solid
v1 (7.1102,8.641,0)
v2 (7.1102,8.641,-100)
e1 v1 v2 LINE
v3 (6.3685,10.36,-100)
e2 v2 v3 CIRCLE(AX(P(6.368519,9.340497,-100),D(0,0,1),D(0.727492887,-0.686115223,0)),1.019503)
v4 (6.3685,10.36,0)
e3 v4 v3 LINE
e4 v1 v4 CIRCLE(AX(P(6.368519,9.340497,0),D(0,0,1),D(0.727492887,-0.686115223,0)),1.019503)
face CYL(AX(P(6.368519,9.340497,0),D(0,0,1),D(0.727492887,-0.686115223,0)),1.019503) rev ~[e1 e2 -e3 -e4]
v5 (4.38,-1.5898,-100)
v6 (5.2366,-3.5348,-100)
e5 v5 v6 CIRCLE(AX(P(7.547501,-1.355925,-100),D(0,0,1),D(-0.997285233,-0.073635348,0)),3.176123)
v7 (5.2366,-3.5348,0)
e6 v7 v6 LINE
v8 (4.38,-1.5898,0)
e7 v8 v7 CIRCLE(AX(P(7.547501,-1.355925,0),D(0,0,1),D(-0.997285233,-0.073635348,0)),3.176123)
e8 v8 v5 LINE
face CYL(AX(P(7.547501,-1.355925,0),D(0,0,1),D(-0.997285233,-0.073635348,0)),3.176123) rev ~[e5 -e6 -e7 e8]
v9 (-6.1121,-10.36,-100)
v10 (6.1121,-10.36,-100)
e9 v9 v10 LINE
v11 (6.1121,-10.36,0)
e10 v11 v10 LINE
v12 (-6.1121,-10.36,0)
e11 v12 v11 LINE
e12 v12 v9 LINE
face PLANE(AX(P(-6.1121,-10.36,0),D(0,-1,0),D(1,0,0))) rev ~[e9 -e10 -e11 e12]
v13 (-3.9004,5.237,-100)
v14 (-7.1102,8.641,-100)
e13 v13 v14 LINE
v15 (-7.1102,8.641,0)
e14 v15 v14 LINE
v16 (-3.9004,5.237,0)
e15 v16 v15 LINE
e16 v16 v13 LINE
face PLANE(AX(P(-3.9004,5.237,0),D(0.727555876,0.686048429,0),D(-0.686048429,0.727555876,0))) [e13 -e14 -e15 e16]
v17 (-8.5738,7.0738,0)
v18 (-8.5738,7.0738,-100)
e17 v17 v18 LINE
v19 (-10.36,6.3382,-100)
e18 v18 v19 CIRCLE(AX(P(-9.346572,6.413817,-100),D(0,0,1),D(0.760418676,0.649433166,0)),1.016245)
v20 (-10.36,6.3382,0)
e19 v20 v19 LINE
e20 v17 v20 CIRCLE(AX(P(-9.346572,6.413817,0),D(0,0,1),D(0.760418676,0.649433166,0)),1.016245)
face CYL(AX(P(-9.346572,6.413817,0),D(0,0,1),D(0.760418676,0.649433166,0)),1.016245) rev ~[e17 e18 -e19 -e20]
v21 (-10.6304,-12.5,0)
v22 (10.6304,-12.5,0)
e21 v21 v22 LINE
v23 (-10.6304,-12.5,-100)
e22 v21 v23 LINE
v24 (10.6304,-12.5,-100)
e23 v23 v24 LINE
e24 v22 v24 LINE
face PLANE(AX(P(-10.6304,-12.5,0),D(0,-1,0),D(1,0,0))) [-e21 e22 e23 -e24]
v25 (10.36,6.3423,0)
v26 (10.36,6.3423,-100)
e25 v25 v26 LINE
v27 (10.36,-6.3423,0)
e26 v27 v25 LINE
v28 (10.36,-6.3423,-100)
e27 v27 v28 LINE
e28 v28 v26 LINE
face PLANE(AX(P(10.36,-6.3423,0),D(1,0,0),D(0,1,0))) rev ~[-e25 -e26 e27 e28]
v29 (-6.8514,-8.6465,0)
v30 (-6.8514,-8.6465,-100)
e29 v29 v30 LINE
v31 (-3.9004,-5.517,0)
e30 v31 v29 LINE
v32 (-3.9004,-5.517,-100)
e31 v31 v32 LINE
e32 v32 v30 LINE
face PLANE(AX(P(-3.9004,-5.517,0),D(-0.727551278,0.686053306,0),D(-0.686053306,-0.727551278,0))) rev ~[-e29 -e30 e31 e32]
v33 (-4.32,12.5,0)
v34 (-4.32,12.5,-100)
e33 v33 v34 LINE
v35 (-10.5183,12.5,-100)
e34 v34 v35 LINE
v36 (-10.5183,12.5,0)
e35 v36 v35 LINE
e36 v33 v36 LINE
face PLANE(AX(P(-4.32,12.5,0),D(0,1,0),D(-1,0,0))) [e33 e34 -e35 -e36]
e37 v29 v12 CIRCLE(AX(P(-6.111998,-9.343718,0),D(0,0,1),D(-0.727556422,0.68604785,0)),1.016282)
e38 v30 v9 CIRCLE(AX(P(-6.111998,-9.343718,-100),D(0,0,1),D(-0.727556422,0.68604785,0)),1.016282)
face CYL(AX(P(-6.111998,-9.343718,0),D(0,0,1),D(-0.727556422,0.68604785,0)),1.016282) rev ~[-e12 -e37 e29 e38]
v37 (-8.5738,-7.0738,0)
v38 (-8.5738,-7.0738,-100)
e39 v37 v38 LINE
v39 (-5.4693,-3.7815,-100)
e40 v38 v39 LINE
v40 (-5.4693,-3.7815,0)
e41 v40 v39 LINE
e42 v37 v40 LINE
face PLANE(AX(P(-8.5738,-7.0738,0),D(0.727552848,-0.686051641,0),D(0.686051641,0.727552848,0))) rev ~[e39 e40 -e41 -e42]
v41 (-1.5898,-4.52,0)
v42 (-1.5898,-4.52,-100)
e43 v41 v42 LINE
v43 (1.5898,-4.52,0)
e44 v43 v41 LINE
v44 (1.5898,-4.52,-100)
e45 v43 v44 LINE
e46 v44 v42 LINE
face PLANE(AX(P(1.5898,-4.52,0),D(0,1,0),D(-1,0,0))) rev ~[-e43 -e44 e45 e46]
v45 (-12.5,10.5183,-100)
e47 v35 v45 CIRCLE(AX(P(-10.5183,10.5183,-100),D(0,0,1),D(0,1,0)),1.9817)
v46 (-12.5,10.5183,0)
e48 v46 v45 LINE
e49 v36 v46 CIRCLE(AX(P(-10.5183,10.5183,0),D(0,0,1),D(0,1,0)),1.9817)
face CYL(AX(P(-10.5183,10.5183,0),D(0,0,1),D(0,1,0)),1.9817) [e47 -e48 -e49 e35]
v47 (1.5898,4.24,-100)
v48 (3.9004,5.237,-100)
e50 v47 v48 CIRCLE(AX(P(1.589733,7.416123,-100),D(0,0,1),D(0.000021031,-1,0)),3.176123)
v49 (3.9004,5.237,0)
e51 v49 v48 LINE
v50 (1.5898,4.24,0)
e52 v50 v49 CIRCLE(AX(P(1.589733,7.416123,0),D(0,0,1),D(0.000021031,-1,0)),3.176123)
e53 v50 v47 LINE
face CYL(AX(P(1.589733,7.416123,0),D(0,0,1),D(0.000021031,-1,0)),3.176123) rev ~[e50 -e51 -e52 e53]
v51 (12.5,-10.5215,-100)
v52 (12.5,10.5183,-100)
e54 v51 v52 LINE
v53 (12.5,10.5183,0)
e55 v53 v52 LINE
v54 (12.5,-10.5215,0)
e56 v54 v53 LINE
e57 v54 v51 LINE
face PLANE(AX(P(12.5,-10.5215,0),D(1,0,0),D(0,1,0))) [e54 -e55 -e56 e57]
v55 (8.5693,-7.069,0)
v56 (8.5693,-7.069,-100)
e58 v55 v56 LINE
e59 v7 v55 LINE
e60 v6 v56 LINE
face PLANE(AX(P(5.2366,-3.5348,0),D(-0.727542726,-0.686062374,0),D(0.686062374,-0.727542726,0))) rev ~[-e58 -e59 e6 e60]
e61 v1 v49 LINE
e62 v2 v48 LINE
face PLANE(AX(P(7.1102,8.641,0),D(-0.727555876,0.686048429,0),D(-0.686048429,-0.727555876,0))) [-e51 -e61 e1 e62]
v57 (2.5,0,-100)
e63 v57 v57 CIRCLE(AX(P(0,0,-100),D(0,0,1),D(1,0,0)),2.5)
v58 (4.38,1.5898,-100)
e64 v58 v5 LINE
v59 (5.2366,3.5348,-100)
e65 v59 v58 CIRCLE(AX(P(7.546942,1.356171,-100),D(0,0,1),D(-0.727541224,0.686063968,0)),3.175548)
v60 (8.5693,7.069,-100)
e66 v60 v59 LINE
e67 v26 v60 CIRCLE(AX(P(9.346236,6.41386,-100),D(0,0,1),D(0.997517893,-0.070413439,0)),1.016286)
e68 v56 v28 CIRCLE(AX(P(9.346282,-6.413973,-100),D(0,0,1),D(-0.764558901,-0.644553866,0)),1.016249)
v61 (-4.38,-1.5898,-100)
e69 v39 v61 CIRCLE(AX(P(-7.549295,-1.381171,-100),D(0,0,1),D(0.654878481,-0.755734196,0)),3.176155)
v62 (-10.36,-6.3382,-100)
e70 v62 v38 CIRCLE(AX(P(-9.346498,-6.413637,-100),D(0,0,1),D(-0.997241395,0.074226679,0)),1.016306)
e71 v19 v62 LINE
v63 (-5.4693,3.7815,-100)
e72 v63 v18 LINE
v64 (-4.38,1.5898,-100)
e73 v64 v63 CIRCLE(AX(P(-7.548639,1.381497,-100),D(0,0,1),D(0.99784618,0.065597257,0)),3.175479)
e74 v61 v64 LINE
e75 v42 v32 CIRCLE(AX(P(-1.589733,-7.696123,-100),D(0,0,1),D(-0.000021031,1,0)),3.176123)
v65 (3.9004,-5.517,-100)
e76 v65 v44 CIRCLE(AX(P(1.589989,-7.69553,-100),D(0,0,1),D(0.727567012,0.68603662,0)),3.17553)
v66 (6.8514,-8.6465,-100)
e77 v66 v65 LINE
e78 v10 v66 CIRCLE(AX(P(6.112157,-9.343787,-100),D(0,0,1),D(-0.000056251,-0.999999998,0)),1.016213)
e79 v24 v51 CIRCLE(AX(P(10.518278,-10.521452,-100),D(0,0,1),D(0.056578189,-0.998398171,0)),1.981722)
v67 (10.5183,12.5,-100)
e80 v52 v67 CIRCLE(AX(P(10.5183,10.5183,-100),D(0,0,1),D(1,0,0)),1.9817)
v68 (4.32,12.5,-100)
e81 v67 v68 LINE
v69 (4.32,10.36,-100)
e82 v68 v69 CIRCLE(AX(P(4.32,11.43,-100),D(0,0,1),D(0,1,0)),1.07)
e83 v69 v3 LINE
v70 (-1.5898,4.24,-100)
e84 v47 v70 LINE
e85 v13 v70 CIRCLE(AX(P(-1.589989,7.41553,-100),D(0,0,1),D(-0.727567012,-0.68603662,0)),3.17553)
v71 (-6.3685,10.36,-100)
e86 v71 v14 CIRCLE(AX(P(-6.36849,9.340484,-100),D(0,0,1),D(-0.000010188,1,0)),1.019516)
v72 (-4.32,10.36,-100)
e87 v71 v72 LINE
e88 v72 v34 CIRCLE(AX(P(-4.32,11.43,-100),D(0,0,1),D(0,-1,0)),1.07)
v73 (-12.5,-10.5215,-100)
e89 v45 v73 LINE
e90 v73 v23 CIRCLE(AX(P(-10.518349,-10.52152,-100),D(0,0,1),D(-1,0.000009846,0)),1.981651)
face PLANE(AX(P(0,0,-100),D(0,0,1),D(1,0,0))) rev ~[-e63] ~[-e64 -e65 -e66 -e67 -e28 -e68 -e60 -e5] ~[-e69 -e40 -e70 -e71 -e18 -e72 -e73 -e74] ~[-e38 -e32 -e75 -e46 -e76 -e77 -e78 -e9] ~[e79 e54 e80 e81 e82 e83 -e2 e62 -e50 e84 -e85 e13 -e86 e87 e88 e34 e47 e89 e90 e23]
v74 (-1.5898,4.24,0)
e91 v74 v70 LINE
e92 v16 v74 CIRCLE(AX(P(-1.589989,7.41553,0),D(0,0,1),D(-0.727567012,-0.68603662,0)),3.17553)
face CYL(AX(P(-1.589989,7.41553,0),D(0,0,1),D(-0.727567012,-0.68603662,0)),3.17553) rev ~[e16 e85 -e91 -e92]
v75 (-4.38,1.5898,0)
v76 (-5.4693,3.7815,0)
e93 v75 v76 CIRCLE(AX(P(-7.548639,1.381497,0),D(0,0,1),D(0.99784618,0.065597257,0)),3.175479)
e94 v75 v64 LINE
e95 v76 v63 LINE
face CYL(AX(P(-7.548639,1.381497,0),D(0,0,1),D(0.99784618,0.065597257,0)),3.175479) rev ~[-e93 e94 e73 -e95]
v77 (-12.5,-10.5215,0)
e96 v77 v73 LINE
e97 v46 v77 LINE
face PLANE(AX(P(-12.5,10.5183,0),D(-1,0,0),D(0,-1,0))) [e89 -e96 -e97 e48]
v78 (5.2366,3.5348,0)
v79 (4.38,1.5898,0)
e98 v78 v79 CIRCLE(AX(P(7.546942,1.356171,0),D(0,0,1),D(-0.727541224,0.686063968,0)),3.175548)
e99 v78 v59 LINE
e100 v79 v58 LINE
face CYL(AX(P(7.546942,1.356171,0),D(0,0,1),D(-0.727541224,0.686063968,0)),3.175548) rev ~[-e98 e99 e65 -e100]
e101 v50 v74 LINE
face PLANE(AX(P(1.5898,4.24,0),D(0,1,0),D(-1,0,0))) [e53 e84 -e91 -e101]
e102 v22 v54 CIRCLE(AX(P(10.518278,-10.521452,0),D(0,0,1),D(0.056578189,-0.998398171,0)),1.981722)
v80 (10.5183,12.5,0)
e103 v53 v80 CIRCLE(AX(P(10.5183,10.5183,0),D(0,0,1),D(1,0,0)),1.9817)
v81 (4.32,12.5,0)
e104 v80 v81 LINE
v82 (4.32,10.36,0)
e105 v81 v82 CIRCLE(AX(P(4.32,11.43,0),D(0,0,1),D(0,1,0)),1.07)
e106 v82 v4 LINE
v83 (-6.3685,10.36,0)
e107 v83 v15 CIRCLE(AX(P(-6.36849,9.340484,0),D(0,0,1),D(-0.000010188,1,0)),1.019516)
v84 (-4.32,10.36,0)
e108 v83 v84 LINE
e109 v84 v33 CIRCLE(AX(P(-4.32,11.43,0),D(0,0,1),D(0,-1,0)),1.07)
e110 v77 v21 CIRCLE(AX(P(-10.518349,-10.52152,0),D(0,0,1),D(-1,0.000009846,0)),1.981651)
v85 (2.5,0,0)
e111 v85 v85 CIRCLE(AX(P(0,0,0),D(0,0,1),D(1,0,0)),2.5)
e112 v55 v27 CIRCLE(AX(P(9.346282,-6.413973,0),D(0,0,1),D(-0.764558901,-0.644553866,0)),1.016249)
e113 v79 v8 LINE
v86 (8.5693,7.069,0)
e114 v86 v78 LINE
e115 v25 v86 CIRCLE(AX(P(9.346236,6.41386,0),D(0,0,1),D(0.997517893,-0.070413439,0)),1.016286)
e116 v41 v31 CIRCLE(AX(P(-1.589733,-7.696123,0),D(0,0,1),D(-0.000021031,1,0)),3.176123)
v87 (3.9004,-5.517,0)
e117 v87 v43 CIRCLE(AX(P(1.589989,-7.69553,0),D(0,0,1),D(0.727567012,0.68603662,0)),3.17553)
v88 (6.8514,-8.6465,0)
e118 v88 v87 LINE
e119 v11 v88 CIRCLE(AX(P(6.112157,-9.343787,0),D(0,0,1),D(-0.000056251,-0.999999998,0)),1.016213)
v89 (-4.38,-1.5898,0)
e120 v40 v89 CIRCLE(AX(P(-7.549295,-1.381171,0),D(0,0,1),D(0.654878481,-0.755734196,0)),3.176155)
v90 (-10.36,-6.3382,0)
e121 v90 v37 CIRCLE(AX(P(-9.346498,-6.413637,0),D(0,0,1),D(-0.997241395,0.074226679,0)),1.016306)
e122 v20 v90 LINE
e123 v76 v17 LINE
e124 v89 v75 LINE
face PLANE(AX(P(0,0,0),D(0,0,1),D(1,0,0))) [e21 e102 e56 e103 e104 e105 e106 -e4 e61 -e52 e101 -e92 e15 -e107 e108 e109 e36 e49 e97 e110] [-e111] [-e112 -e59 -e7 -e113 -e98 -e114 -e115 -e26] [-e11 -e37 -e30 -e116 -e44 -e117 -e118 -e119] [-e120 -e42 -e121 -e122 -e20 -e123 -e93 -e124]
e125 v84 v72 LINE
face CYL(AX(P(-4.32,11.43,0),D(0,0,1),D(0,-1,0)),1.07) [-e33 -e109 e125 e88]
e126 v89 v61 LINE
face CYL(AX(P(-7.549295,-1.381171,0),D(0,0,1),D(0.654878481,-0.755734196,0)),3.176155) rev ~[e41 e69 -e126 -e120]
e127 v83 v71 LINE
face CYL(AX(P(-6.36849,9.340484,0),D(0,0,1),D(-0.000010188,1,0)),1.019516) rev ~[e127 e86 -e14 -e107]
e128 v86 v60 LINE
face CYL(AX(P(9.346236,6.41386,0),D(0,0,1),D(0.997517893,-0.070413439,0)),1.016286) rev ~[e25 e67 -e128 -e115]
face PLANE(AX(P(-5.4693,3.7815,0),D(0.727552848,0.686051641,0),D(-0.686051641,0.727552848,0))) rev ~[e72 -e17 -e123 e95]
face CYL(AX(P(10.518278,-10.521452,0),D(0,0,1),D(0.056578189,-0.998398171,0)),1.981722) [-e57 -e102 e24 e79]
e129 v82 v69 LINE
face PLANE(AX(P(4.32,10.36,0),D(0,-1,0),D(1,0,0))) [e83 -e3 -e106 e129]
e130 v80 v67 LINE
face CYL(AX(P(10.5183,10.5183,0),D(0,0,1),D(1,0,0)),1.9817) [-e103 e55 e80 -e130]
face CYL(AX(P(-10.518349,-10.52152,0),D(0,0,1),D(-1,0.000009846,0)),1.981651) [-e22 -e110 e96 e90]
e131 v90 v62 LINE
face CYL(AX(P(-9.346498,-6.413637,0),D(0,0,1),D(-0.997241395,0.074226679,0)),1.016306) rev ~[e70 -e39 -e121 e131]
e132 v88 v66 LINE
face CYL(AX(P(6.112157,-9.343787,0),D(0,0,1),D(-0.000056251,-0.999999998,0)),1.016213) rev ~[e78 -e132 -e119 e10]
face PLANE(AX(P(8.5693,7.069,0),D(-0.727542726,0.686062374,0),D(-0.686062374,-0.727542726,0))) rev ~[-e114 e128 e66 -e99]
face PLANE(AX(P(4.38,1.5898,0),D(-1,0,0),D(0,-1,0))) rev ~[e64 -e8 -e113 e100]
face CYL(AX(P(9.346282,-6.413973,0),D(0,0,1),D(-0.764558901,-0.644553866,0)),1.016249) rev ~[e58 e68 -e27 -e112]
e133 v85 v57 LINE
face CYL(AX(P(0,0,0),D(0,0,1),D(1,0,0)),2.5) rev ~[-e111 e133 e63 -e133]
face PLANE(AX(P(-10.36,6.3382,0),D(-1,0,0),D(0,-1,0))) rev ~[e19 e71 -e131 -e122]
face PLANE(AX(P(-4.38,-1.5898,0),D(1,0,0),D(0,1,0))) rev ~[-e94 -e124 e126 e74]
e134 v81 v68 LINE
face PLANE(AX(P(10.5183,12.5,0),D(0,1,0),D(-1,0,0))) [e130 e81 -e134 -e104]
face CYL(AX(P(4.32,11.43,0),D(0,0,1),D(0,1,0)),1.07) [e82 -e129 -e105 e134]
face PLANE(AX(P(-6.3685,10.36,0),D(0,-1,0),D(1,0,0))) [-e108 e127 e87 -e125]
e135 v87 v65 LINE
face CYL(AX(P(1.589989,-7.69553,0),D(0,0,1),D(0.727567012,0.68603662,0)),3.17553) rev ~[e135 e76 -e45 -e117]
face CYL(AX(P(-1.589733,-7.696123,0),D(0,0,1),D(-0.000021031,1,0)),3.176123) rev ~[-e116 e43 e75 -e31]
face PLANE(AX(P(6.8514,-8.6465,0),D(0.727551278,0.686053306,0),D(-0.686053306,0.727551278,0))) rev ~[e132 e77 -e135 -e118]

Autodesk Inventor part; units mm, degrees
ref_plane "YZ Plane" through (0, 0, 0) normal (1, 0, 0) x (0, 1, 0)
ref_plane "XZ Plane" through (0, 0, 0) normal (0, 1, 0) x (-1, 0, 0)
ref_plane "XY Plane" through (0, 0, 0) normal (0, 0, 1) x (1, 0, 0)
sketch "Sketch1" plane through (0, 0, 0) normal (0, 0, 1) x (1, 0, 0)
  arc A0 (3.9004, -5.517) -> (1.5898, -4.52) centre (1.5898, -7.6958) ccw
  line L0 (6.8514, -8.6465) -> (3.9004, -5.517)
  arc A1 (6.1121, -10.36) -> (6.8514, -8.6465) centre (6.1121, -9.3437) ccw
  line L1 (-6.1121, -10.36) -> (6.1121, -10.36)
  arc A2 (-6.8514, -8.6465) -> (-6.1121, -10.36) centre (-6.1121, -9.3437) ccw
  line L2 (-3.9004, -5.517) -> (-6.8514, -8.6465)
  arc A3 (-1.5898, -4.52) -> (-3.9004, -5.517) centre (-1.5898, -7.6958) ccw
  line L3 (1.5898, -4.52) -> (-1.5898, -4.52)
  arc A4 (-10.36, -6.3382) -> (-8.5738, -7.0738) centre (-9.3466, -6.4137) ccw
  line L4 (-10.36, 6.3382) -> (-10.36, -6.3382)
  arc A5 (-8.5738, 7.0738) -> (-10.36, 6.3382) centre (-9.3466, 6.4137) ccw
  line L5 (-5.4693, 3.7815) -> (-8.5738, 7.0738)
  arc A6 (-4.38, 1.5898) -> (-5.4693, 3.7815) centre (-7.549, 1.3814) ccw
  line L6 (-4.38, -1.5898) -> (-4.38, 1.5898)
  arc A7 (-5.4693, -3.7815) -> (-4.38, -1.5898) centre (-7.549, -1.3814) ccw
  line L7 (-8.5738, -7.0738) -> (-5.4693, -3.7815)
  arc A8 (8.5693, -7.069) -> (10.36, -6.3423) centre (9.3463, -6.4139) ccw
  line L8 (5.2366, -3.5348) -> (8.5693, -7.069)
  arc A9 (4.38, -1.5898) -> (5.2366, -3.5348) centre (7.5472, -1.356) ccw
  line L9 (4.38, 1.5898) -> (4.38, -1.5898)
  arc A10 (5.2366, 3.5348) -> (4.38, 1.5898) centre (7.5472, 1.356) ccw
  line L10 (8.5693, 7.069) -> (5.2366, 3.5348)
  arc A11 (10.36, 6.3423) -> (8.5693, 7.069) centre (9.3463, 6.4139) ccw
  line L11 (10.36, -6.3423) -> (10.36, 6.3423)
  circle A12 centre (0, 0) radius 2.5
  arc A13 (-4.32, 10.36) -> (-4.32, 12.5) centre (-4.32, 11.43) ccw
  line L12 (-4.32, 12.5) -> (-10.5183, 12.5)
  arc A14 (-10.5183, 12.5) -> (-12.5, 10.5183) centre (-10.5183, 10.5183) ccw
  line L13 (-12.5, 10.5183) -> (-12.5, -10.5215)
  arc A15 (-12.5, -10.5215) -> (-10.6304, -12.5) centre (-10.5183, -10.5215) ccw
  line L14 (-10.6304, -12.5) -> (10.6304, -12.5)
  arc A16 (10.6304, -12.5) -> (12.5, -10.5215) centre (10.5183, -10.5215) ccw
  line L15 (12.5, -10.5215) -> (12.5, 10.5183)
  arc A17 (12.5, 10.5183) -> (10.5183, 12.5) centre (10.5183, 10.5183) ccw
  line L16 (10.5183, 12.5) -> (4.32, 12.5)
  arc A18 (4.32, 12.5) -> (4.32, 10.36) centre (4.32, 11.43) ccw
  line L17 (4.32, 10.36) -> (6.3685, 10.36)
  arc A19 (7.1102, 8.641) -> (6.3685, 10.36) centre (6.3685, 9.3405) ccw
  line L18 (7.1102, 8.641) -> (3.9004, 5.237)
  arc A20 (1.5898, 4.24) -> (3.9004, 5.237) centre (1.5898, 7.4158) ccw
  line L19 (1.5898, 4.24) -> (-1.5898, 4.24)
  arc A21 (-3.9004, 5.237) -> (-1.5898, 4.24) centre (-1.5898, 7.4158) ccw
  line L20 (-3.9004, 5.237) -> (-7.1102, 8.641)
  arc A22 (-6.3685, 10.36) -> (-7.1102, 8.641) centre (-6.3685, 9.3405) ccw
  line L21 (-6.3685, 10.36) -> (-4.32, 10.36)
extrude "Extrusion1" add sketch "Sketch1" against normal blind 100
properties part number "25-2501-BLACK-FB"
